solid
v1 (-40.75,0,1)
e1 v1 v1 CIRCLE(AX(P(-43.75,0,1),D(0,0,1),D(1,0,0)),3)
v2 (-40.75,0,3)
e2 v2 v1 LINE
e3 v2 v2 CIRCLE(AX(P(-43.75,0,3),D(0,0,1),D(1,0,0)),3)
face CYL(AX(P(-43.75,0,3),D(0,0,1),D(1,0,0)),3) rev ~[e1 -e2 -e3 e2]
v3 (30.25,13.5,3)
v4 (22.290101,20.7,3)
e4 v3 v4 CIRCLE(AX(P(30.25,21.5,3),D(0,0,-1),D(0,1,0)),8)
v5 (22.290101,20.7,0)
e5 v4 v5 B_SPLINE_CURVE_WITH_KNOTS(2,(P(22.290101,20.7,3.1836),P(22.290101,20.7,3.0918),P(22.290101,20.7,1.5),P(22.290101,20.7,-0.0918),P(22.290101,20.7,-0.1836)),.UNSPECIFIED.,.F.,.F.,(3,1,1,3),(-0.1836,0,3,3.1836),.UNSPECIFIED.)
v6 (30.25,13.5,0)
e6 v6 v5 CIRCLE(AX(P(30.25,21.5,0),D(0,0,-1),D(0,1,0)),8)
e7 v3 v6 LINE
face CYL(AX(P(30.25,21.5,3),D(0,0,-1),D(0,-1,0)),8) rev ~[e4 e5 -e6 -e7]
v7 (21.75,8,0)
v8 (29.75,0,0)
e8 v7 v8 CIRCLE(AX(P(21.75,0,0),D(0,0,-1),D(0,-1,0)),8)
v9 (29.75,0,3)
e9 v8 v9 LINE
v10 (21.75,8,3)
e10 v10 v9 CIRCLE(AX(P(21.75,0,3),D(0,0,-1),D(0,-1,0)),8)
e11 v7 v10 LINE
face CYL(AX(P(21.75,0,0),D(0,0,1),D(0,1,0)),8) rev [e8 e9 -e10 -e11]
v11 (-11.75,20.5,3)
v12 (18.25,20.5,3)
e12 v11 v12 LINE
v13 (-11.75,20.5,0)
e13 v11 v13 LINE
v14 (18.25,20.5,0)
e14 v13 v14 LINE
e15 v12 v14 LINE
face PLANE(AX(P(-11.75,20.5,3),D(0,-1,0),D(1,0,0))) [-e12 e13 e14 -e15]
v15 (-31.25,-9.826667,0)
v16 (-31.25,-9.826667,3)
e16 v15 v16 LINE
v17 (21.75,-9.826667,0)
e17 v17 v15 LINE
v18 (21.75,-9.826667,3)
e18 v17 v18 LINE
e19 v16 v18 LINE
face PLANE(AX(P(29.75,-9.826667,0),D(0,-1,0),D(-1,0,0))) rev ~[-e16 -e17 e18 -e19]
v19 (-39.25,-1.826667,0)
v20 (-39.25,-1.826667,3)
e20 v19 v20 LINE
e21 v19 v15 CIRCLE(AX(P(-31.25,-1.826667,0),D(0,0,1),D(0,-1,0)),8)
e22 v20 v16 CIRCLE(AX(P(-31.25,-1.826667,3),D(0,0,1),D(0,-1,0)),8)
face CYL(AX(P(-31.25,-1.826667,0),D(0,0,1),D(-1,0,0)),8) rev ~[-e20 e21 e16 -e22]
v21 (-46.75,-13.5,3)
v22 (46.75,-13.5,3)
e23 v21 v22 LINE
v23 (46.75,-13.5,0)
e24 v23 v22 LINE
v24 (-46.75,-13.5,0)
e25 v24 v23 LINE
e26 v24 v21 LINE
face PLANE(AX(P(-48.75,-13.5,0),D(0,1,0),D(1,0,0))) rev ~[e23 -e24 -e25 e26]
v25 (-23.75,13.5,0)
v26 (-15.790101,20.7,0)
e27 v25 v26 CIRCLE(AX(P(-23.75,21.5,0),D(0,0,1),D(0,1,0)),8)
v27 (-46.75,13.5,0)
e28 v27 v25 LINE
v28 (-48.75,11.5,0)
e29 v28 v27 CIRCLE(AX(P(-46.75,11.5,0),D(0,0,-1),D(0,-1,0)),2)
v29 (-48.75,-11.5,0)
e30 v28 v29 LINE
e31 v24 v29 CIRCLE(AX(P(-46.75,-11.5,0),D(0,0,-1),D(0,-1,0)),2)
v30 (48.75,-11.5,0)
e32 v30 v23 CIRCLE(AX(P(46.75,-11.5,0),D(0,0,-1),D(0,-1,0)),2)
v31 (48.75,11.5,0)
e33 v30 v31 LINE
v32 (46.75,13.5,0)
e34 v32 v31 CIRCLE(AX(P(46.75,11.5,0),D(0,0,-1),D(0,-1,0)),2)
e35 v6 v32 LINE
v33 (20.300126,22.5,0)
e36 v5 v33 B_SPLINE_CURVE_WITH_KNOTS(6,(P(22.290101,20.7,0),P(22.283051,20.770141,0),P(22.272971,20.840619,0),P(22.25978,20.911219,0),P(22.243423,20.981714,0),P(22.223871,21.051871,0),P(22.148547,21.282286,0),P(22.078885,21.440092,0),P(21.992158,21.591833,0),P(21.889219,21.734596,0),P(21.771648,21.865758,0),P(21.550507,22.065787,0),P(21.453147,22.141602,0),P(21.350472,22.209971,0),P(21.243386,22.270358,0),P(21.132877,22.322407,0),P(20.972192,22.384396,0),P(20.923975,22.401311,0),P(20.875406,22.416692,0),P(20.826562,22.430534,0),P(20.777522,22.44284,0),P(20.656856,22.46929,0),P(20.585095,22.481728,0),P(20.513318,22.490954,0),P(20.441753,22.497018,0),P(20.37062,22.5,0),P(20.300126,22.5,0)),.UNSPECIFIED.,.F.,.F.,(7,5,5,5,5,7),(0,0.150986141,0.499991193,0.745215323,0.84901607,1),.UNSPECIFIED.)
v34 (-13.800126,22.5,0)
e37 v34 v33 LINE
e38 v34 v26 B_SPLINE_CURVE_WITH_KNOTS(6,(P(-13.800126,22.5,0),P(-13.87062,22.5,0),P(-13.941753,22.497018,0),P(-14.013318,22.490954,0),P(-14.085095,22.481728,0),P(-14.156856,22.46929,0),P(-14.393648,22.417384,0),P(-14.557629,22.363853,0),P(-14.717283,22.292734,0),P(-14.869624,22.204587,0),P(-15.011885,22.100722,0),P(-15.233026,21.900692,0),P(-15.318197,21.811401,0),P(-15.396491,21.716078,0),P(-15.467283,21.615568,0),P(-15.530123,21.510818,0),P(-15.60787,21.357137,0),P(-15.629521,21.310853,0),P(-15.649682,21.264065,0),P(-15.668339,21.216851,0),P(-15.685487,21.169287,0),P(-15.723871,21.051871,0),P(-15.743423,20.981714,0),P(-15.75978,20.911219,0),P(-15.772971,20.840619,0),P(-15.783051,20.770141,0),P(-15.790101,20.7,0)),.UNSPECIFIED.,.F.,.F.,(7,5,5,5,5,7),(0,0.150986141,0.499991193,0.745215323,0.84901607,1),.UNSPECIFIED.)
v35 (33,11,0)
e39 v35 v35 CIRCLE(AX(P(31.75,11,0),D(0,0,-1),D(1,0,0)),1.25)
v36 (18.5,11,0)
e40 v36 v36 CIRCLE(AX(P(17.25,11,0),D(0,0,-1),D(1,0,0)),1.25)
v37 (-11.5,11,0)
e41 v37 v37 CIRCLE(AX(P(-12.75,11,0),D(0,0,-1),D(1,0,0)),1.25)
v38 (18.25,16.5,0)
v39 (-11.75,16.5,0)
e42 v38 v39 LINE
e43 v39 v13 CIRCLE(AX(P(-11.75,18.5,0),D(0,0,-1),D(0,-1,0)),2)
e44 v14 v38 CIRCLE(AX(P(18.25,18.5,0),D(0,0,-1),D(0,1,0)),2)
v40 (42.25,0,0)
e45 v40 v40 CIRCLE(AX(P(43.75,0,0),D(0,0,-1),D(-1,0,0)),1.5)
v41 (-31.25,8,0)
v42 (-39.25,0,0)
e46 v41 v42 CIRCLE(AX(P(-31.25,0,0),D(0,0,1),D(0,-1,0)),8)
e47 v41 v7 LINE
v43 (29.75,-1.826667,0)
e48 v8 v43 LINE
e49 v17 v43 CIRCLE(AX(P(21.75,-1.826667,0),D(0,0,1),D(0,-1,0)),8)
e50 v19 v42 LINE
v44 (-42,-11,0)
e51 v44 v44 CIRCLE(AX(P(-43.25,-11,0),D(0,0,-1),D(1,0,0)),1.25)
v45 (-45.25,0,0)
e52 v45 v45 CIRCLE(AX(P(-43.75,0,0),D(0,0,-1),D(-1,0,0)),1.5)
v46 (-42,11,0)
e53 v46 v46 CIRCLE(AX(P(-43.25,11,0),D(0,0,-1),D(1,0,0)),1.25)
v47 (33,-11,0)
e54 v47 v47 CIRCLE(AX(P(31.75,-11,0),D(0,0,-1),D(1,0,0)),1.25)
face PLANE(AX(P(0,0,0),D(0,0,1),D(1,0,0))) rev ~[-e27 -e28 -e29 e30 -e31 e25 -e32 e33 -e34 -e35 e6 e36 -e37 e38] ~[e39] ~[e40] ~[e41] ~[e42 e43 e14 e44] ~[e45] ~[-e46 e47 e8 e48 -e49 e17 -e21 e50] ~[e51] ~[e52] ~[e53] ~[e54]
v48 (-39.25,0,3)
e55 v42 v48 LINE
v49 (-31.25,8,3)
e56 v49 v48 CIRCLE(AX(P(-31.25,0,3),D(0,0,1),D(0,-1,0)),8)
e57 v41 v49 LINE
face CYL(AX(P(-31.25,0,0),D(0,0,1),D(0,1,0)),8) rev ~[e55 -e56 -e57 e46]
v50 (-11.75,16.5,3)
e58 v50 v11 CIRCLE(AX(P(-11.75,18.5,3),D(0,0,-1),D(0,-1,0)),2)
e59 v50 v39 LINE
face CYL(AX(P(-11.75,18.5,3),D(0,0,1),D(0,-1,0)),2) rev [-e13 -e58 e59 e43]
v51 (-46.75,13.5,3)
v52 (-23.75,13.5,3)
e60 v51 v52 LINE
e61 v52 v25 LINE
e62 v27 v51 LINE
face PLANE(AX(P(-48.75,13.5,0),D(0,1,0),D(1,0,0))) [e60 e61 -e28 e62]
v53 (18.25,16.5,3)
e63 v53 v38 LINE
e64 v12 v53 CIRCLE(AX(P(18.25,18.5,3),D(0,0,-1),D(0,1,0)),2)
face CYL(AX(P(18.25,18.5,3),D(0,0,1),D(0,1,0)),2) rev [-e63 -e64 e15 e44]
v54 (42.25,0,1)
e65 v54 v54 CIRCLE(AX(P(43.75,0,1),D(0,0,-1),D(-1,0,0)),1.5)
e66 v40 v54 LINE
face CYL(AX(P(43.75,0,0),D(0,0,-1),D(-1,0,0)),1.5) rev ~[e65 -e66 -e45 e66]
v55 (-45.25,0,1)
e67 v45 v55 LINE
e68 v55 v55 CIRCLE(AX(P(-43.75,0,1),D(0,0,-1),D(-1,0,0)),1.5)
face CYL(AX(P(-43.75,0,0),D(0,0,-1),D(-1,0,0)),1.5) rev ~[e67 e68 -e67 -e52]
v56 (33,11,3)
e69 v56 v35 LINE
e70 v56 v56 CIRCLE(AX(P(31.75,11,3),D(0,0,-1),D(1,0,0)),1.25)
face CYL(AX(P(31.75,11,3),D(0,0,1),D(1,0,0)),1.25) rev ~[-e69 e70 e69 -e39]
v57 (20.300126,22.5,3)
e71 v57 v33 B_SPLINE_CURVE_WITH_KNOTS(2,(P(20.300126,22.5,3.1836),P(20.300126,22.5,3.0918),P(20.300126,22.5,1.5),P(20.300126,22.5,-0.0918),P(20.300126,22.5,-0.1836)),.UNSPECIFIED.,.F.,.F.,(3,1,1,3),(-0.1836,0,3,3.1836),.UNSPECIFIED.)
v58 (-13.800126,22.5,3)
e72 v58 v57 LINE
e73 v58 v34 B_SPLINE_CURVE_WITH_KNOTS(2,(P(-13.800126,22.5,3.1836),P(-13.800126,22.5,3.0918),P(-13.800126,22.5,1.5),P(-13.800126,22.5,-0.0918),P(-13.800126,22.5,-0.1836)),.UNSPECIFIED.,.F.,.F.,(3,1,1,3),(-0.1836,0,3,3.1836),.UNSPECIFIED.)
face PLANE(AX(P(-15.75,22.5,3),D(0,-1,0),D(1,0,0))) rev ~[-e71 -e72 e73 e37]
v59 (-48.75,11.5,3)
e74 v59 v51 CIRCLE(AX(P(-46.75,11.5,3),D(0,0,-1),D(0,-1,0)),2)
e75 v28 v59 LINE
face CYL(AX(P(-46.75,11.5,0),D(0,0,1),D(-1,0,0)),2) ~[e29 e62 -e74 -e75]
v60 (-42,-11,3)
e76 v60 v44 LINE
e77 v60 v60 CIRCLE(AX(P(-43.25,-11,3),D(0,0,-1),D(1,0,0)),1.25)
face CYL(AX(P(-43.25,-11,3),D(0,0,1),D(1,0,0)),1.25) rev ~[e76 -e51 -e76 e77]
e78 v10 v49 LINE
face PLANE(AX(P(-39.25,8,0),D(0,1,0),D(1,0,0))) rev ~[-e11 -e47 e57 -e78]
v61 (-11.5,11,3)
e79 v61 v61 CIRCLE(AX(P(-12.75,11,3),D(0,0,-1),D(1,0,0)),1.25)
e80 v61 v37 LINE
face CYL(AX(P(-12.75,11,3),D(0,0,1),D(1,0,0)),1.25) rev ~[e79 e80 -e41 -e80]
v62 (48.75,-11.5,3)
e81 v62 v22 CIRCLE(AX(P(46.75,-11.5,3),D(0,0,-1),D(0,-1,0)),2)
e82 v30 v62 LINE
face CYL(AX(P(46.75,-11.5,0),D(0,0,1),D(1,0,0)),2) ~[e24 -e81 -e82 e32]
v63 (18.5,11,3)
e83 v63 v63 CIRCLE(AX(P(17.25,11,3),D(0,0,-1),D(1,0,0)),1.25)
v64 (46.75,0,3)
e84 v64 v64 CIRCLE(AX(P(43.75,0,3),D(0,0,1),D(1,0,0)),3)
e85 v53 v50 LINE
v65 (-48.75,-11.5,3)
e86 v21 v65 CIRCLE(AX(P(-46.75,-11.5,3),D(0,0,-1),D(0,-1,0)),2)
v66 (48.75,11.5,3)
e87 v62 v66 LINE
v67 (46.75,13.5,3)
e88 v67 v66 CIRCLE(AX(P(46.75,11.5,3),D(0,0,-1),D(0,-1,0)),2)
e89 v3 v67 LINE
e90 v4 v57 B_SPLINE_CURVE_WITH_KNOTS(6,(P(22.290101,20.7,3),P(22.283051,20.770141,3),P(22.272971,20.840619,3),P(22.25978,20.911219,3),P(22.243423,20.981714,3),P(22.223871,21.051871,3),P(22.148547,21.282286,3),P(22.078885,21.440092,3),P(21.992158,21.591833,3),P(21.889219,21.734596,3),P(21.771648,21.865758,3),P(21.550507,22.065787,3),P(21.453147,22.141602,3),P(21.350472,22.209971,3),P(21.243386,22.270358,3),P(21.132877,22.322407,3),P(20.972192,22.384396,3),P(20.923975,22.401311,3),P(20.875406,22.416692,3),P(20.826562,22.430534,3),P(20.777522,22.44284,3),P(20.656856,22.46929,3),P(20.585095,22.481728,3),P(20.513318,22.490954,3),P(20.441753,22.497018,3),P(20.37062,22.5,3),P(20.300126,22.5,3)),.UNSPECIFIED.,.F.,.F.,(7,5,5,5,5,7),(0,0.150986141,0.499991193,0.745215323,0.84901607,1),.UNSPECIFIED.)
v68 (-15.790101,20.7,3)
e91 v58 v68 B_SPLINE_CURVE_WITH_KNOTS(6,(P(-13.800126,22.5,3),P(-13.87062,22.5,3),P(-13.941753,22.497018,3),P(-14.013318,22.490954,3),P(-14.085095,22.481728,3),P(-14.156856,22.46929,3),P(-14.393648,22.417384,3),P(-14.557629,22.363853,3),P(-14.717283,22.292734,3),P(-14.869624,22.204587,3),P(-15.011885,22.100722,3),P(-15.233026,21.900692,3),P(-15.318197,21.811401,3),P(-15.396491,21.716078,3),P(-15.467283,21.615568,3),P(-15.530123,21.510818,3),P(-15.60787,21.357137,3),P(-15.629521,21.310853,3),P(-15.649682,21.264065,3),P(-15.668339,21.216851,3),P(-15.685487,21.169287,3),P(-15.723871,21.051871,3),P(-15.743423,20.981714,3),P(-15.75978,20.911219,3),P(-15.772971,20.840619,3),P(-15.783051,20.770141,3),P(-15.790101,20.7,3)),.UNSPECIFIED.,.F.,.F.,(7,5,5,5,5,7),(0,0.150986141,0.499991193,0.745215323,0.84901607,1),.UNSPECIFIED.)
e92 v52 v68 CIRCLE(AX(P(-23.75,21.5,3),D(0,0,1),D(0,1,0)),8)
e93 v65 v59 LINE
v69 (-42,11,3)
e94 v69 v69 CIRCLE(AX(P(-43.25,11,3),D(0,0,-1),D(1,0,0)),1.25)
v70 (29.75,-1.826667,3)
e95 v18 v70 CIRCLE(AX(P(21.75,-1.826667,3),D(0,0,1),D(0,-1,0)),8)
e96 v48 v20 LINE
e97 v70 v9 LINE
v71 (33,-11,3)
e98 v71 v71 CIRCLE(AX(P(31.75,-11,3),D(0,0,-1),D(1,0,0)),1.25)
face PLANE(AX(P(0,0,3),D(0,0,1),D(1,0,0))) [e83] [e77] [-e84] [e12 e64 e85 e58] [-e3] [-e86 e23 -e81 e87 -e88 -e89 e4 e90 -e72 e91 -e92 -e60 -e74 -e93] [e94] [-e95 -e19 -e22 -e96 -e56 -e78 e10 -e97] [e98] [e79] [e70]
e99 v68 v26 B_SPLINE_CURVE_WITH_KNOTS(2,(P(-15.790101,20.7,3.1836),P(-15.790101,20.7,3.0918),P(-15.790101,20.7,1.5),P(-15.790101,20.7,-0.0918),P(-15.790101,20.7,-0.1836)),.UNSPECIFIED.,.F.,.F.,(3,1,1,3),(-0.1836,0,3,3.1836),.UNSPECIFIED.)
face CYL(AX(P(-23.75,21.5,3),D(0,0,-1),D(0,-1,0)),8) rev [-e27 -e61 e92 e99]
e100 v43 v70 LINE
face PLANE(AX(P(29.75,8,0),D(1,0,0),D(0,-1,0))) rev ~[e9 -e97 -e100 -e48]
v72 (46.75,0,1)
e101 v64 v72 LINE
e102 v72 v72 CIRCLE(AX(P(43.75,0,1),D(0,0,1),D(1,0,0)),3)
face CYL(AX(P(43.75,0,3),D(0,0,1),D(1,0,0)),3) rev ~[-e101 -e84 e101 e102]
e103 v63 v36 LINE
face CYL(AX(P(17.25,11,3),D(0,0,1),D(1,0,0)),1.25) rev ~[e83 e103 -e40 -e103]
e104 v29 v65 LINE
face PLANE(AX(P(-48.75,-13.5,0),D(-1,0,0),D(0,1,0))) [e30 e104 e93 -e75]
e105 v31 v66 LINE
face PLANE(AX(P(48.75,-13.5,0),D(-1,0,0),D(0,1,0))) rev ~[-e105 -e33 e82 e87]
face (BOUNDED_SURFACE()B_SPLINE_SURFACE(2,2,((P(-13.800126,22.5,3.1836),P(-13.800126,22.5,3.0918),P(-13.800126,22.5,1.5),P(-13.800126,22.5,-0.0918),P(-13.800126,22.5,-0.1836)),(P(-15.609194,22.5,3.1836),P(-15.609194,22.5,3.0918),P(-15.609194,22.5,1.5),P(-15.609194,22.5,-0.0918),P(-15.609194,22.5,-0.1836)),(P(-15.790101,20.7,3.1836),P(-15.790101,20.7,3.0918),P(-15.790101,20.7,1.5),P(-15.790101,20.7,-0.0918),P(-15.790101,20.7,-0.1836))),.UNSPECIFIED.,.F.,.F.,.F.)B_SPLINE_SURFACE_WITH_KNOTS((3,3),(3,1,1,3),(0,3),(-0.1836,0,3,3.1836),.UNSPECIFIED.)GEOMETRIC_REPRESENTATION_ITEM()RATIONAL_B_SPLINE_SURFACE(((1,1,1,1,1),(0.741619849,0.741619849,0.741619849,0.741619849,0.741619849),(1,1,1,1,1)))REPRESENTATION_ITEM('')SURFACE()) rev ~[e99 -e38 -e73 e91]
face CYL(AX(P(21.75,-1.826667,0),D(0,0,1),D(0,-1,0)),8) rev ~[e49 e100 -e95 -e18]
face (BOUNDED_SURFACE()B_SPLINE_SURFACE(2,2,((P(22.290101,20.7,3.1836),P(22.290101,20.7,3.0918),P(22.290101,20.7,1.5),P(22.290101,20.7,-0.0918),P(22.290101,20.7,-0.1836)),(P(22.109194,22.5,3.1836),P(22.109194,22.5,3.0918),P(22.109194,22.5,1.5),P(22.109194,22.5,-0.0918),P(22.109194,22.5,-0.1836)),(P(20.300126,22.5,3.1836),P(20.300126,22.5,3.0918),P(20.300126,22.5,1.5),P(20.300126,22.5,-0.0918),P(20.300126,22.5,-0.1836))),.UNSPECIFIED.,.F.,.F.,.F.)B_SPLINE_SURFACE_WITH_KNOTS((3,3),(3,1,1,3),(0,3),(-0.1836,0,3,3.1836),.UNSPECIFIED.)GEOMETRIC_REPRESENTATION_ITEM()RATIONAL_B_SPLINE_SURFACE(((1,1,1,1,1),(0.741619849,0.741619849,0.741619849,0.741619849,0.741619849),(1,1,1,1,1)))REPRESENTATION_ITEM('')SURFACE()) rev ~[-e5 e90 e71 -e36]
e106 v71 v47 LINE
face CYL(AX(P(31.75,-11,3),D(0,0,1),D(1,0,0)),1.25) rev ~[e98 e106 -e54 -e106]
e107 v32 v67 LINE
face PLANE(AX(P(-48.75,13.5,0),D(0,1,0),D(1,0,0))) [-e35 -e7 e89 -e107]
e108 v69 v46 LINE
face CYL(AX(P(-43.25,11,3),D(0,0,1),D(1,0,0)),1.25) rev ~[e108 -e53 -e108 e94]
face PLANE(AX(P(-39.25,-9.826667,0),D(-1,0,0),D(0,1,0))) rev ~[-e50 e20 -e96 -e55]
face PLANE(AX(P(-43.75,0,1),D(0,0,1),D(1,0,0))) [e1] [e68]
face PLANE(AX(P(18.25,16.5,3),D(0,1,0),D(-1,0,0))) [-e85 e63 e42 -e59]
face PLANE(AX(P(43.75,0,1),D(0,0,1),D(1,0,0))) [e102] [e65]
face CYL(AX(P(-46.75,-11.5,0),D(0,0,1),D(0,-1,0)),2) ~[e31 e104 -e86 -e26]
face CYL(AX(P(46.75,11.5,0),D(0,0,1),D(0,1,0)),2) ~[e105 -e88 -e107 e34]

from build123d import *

# Parameters (mm, degrees)
SKETCH_3_W               = 97.5
SKETCH_3_H               = 27
EXTRUDE_1_DEPTH          = 3
SKETCH_4_R               = 1.25
CUT_EXTRUDE_1_DEPTH      = 51.673587795
SKETCH_7_W               = 4
SKETCH_7_H               = 8
EXTRUDE_2_DEPTH          = 5
SKETCH_8_W               = 38
SKETCH_8_H               = 9
EXTRUDE_3_DEPTH          = 3
FILLET_3_R               = 8
FILLET_4_R               = 2
CUT_EXTRUDE_4_DEPTH      = 55.284551355
CUT_EXTRUDE_4_DEPTH_BACK = 5
SKETCH_9_W               = 4
SKETCH_9_H               = 8
SKETCH_13_R              = 1.5
CUT_EXTRUDE_7_DEPTH      = 54.775575449
SKETCH_16_R              = 3
CUT_EXTRUDE_9_DEPTH      = 2
CUT_EXTRUDE_10_DEPTH     = 10
FILLET_5_R               = 8
FILLET_6_R               = 2
HOLE_WIZARD_M3_1_D       = 2.5
HOLE_WIZARD_M3_1_DEPTH   = 3
HOLE_WIZARD_M3_1_TIP     = 0.751075774


with BuildPart() as part:
    # 草图3 → 凸台-拉伸1 (new body)
    with BuildSketch(Plane.XY):
        Rectangle(SKETCH_3_W, SKETCH_3_H)
    extrude(amount=EXTRUDE_1_DEPTH)

    # 草图4 → 切除-拉伸1 (cut, through all)
    with BuildSketch(Plane.XY.offset(3)):
        with Locations((-43.25, 11)):
            Circle(SKETCH_4_R)
        with Locations((-43.25, -11)):
            Circle(SKETCH_4_R)
        with Locations((31.75, 11)):
            Circle(SKETCH_4_R)
        with Locations((31.75, -11)):
            Circle(SKETCH_4_R)
        with Locations((17.25, 11)):
            Circle(SKETCH_4_R)
        with Locations((-12.75, 11)):
            Circle(SKETCH_4_R)
    extrude(amount=-CUT_EXTRUDE_1_DEPTH, mode=Mode.SUBTRACT)

    # 草图7 → 凸台-拉伸2 (add)
    with BuildSketch(Plane(origin=(0, 0, 0), x_dir=(-1, 0, 0), z_dir=(0, 0, -1))):
        with Locations((46.75, 0.5)):
            Rectangle(SKETCH_7_W, SKETCH_7_H)
        with Locations((-46.75, 0.5)):
            Rectangle(SKETCH_7_W, SKETCH_7_H)
    extrude(amount=EXTRUDE_2_DEPTH)

    # 草图8 → 凸台-拉伸3 (add)
    with BuildSketch(Plane.XY.offset(3)):
        with Locations((3.25, 18)):
            Rectangle(SKETCH_8_W, SKETCH_8_H)
        with BuildLine():
            Line((-11.75, 20.5), (18.25, 20.5))
            ThreePointArc((18.25, 20.5), (20.25, 18.5), (18.25, 16.5))
            Line((18.25, 16.5), (-11.75, 16.5))
            ThreePointArc((-11.75, 16.5), (-13.75, 18.5), (-11.75, 20.5))
        make_face(mode=Mode.SUBTRACT)
    extrude(amount=-EXTRUDE_3_DEPTH)

    # 圆角3
    fillet_3_edges = [part.edges().sort_by_distance(p)[0] for p in [
        (22.25, 13.5, 1.5),
        (-15.75, 13.5, 1.5),
    ]]
    fillet(fillet_3_edges, radius=FILLET_3_R)

    # 圆角4
    fillet_4_edges = [part.edges().sort_by_distance(p)[0] for p in [
        (-15.75, 22.5, 1.5),
        (22.25, 22.5, 1.5),
    ]]
    fillet(fillet_4_edges, radius=FILLET_4_R)

    # 草图9 → 切除-拉伸4 (cut, two sides: drawn at the far end of the back side and taken through both)
    with BuildSketch(Plane(origin=(0, 0, -5), x_dir=(-1, 0, 0), z_dir=(0, 0, -1)).offset(-CUT_EXTRUDE_4_DEPTH_BACK)):
        with Locations((-46.75, 0.5)):
            Rectangle(SKETCH_9_W, SKETCH_9_H)
        with Locations((46.75, 0.5)):
            Rectangle(SKETCH_9_W, SKETCH_9_H)
    extrude(amount=CUT_EXTRUDE_4_DEPTH + CUT_EXTRUDE_4_DEPTH_BACK, mode=Mode.SUBTRACT)

    # 草图13 → 切除-拉伸7 (cut, through all)
    with BuildSketch(Plane(origin=(0, 0, 0), x_dir=(-1, 0, 0), z_dir=(0, 0, -1))):
        with Locations((-43.75, 0)):
            Circle(SKETCH_13_R)
        with Locations((43.75, 0)):
            Circle(SKETCH_13_R)
    extrude(amount=-CUT_EXTRUDE_7_DEPTH, mode=Mode.SUBTRACT)

    # 草图16 → 切除-拉伸9 (cut)
    with BuildSketch(Plane.XY.offset(3)):
        with Locations((-43.75, 0)):
            Circle(SKETCH_16_R)
        with Locations((43.75, 0)):
            Circle(SKETCH_16_R)
    extrude(amount=-CUT_EXTRUDE_9_DEPTH, mode=Mode.SUBTRACT)

    # 草图17 → 切除-拉伸10 (cut)
    with BuildSketch(Plane(origin=(0, 0, 0), x_dir=(-1, 0, 0), z_dir=(0, 0, -1))):
        Polygon((39.25, -8), (39.25, 8), (-27.75, 8), (-29.75, 8), (-29.75, -9.826666667), (-27.75, -9.826666667), (39.25, -9.826666667), align=None)
    extrude(amount=-CUT_EXTRUDE_10_DEPTH, mode=Mode.SUBTRACT)

    # 圆角5
    fillet_5_edges = [part.edges().sort_by_distance(p)[0] for p in [
        (29.75, 8, 1.5),
        (-39.25, 8, 1.5),
        (-39.25, -9.826666667, 1.5),
        (29.75, -9.826666667, 1.5),
    ]]
    fillet(fillet_5_edges, radius=FILLET_5_R)

    # 圆角6
    fillet_6_edges = [part.edges().sort_by_distance(p)[0] for p in [
        (48.75, -13.5, 1.5),
        (-48.75, -13.5, 1.5),
        (-48.75, 13.5, 1.5),
        (48.75, 13.5, 1.5),
    ]]
    fillet(fillet_6_edges, radius=FILLET_6_R)

    # M3 螺纹孔1
    with Locations(Plane(origin=(-43.25, 11, 3), x_dir=(1, 0, 0), z_dir=(0, 0, 1))):
        with Locations((0, 0), (0, -22), (30.5, 0), (60.5, 0), (75, 0), (75, -22)):
            Hole(HOLE_WIZARD_M3_1_D / 2, depth=HOLE_WIZARD_M3_1_DEPTH)
            with Locations((0, 0, -(HOLE_WIZARD_M3_1_DEPTH + HOLE_WIZARD_M3_1_TIP / 2))):  # 118° drill point
                Cone(0, HOLE_WIZARD_M3_1_D / 2, HOLE_WIZARD_M3_1_TIP, mode=Mode.SUBTRACT)


solid = part.part
